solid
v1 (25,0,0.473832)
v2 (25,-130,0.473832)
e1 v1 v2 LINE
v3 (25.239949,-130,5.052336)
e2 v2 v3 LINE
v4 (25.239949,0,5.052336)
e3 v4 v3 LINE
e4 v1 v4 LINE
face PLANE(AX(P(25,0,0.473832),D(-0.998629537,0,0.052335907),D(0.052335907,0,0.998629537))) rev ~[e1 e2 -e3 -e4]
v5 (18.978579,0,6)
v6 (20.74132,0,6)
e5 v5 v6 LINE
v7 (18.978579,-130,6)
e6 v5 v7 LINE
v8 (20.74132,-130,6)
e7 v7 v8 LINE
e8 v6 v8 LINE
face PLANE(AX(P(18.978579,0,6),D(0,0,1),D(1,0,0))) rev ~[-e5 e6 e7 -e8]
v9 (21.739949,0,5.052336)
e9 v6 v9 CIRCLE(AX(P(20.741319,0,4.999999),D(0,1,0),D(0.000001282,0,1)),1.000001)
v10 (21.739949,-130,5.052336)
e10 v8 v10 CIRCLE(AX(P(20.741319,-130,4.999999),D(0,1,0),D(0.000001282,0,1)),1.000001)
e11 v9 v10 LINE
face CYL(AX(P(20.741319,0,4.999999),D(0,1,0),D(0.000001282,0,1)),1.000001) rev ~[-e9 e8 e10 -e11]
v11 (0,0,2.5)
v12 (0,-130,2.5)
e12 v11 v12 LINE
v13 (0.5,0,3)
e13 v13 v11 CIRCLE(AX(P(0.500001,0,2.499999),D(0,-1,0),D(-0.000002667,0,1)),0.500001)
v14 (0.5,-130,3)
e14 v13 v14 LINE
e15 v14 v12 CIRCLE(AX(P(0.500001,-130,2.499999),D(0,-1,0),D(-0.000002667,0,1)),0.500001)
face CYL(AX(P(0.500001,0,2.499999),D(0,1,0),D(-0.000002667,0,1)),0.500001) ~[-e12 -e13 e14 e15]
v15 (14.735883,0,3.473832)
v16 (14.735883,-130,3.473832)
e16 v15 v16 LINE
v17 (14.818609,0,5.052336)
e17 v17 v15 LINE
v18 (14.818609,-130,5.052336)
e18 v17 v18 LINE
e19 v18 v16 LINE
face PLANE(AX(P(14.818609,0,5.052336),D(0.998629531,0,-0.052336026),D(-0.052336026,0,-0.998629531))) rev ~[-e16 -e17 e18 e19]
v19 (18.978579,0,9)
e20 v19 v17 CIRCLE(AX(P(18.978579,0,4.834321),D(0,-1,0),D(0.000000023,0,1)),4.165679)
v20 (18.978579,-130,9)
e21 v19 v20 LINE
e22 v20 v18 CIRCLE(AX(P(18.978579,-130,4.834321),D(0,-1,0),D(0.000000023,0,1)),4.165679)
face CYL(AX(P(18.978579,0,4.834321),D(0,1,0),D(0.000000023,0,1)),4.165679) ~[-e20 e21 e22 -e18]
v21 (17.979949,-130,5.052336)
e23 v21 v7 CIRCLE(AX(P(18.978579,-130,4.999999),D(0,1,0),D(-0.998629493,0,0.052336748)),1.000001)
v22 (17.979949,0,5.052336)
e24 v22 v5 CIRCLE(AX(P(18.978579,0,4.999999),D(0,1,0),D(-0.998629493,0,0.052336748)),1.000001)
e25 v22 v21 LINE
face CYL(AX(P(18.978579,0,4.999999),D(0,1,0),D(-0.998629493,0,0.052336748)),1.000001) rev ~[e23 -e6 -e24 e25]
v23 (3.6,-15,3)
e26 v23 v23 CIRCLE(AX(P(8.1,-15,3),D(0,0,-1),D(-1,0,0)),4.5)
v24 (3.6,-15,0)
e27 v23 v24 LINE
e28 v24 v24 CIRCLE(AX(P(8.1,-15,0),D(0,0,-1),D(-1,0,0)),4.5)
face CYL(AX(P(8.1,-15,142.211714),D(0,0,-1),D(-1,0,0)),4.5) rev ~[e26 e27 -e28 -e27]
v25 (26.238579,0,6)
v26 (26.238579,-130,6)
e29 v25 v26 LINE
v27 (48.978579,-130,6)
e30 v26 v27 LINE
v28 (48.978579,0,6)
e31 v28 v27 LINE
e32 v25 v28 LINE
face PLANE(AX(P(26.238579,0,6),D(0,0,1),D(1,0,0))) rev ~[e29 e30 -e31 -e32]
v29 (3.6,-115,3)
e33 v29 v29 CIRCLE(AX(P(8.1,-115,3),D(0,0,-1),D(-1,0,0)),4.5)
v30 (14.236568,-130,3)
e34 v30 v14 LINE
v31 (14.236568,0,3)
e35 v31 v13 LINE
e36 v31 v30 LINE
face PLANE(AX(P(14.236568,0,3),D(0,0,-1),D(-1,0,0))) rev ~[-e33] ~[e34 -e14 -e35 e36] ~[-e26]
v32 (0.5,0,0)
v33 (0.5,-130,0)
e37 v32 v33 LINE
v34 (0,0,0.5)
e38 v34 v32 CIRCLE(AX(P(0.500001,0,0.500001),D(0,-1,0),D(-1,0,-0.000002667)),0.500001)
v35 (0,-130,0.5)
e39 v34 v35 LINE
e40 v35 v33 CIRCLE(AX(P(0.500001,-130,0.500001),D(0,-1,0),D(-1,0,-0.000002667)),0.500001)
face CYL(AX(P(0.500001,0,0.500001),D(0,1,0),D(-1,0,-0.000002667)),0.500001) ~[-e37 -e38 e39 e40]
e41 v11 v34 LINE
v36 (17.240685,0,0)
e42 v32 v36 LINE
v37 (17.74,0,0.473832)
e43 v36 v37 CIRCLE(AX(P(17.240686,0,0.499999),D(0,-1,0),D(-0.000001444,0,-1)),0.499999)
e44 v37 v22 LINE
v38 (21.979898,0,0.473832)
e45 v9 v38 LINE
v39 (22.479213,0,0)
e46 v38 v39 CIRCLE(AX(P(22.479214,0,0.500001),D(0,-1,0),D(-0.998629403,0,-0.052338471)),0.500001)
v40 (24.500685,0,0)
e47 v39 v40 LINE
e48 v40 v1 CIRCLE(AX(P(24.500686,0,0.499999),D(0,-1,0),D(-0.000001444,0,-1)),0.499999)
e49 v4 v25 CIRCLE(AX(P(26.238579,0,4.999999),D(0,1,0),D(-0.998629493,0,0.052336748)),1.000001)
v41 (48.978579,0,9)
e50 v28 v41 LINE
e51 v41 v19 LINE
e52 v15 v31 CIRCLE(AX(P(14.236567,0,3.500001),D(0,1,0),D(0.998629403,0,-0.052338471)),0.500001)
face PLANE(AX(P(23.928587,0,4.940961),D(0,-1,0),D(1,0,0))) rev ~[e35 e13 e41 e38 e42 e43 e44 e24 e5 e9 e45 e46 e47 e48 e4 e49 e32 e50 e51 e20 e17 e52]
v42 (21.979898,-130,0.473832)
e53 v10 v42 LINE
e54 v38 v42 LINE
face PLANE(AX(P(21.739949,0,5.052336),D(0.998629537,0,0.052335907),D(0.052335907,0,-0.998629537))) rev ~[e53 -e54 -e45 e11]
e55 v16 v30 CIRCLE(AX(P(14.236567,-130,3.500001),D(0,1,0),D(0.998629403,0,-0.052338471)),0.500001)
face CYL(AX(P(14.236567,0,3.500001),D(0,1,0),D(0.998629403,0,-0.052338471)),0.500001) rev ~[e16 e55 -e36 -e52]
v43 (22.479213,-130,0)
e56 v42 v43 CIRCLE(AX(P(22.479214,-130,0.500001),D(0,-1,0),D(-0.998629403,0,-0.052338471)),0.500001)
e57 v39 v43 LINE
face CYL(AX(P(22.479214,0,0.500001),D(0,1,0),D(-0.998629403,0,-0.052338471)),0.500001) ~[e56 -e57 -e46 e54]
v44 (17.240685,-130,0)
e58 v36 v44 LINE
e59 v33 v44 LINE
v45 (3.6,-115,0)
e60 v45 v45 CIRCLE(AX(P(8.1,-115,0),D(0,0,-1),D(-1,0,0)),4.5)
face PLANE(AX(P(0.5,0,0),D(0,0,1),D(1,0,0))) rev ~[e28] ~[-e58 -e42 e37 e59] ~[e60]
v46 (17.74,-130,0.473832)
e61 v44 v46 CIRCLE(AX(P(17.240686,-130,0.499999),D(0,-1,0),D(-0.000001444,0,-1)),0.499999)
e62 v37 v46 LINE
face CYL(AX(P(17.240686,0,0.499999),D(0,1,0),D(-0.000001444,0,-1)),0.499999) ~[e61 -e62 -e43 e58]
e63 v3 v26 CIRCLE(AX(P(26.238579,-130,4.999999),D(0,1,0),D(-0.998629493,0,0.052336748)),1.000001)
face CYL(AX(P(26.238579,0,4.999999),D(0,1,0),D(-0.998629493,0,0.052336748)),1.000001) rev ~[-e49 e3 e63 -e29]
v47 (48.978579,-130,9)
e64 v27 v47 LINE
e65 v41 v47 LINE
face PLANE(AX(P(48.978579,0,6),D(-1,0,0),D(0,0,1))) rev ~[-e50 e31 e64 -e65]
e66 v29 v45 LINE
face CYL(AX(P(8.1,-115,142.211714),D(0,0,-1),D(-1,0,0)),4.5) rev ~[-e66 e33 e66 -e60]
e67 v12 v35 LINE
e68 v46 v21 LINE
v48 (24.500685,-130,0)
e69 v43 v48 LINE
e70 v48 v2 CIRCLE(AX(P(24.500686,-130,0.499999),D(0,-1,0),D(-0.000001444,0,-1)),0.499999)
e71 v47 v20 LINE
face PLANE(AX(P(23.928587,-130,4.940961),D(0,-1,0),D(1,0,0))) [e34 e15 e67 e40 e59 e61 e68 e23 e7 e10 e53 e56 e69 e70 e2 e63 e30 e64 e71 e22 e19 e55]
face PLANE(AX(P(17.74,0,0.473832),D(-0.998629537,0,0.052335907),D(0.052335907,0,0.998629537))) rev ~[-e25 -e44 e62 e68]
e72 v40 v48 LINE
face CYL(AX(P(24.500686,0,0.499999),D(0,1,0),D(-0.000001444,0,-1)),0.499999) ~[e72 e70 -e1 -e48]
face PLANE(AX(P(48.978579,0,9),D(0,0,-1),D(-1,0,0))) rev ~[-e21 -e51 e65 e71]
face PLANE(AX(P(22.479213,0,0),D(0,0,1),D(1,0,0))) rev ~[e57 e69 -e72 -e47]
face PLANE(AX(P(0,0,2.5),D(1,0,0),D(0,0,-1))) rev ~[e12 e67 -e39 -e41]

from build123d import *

# Parameters (mm, degrees)
F1_DEPTH = 130
F3_D     = 9
F4_D     = 9


with BuildPart() as f1:
    # F0 (on Front) → F1 (new body)
    with BuildSketch(Plane.XZ):
        with BuildLine():
            Line((48.978579, 9), (18.978579, 9))
            ThreePointArc((18.978579, 9), (16.111115, 7.855998), (14.818609, 5.052336))
            Line((14.818609, 5.052336), (14.735883, 3.473832))
            ThreePointArc((14.735883, 3.473832), (14.580745, 3.137313), (14.236568, 3))
            Line((14.236568, 3), (0.5, 3))
            ThreePointArc((0.5, 3), (0.146447, 2.853553), (0, 2.5))
            Line((0, 2.5), (0, 0.5))
            ThreePointArc((0, 0.5), (0.146447, 0.146447), (0.5, 0))
            Line((0.5, 0), (17.240685, 0))
            ThreePointArc((17.240685, 0), (17.584863, 0.137313), (17.74, 0.473832))
            Line((17.74, 0.473832), (17.979949, 5.052336))
            ThreePointArc((17.979949, 5.052336), (18.290224, 5.725374), (18.978579, 6))
            Line((18.978579, 6), (20.74132, 6))
            ThreePointArc((20.74132, 6), (21.429674, 5.725374), (21.739949, 5.052336))
            Line((21.739949, 5.052336), (21.979898, 0.473832))
            ThreePointArc((21.979898, 0.473832), (22.135036, 0.137313), (22.479213, 0))
            Line((22.479213, 0), (24.500685, 0))
            ThreePointArc((24.500685, 0), (24.844863, 0.137313), (25, 0.473832))
            Line((25, 0.473832), (25.239949, 5.052336))
            ThreePointArc((25.239949, 5.052336), (25.550224, 5.725374), (26.238579, 6))
            Line((26.238579, 6), (48.978579, 6))
            Line((48.978579, 6), (48.978579, 9))
        make_face()
    extrude(amount=F1_DEPTH)

    # F3 (through all)
    with Locations(Plane.XY.offset(3)):
        with Locations((8.1, -15)):
            Hole(F3_D / 2)

    # F4 (through all)
    with Locations(Plane.XY.offset(3)):
        with Locations((8.1, -115)):
            Hole(F4_D / 2)


solid = f1.part
